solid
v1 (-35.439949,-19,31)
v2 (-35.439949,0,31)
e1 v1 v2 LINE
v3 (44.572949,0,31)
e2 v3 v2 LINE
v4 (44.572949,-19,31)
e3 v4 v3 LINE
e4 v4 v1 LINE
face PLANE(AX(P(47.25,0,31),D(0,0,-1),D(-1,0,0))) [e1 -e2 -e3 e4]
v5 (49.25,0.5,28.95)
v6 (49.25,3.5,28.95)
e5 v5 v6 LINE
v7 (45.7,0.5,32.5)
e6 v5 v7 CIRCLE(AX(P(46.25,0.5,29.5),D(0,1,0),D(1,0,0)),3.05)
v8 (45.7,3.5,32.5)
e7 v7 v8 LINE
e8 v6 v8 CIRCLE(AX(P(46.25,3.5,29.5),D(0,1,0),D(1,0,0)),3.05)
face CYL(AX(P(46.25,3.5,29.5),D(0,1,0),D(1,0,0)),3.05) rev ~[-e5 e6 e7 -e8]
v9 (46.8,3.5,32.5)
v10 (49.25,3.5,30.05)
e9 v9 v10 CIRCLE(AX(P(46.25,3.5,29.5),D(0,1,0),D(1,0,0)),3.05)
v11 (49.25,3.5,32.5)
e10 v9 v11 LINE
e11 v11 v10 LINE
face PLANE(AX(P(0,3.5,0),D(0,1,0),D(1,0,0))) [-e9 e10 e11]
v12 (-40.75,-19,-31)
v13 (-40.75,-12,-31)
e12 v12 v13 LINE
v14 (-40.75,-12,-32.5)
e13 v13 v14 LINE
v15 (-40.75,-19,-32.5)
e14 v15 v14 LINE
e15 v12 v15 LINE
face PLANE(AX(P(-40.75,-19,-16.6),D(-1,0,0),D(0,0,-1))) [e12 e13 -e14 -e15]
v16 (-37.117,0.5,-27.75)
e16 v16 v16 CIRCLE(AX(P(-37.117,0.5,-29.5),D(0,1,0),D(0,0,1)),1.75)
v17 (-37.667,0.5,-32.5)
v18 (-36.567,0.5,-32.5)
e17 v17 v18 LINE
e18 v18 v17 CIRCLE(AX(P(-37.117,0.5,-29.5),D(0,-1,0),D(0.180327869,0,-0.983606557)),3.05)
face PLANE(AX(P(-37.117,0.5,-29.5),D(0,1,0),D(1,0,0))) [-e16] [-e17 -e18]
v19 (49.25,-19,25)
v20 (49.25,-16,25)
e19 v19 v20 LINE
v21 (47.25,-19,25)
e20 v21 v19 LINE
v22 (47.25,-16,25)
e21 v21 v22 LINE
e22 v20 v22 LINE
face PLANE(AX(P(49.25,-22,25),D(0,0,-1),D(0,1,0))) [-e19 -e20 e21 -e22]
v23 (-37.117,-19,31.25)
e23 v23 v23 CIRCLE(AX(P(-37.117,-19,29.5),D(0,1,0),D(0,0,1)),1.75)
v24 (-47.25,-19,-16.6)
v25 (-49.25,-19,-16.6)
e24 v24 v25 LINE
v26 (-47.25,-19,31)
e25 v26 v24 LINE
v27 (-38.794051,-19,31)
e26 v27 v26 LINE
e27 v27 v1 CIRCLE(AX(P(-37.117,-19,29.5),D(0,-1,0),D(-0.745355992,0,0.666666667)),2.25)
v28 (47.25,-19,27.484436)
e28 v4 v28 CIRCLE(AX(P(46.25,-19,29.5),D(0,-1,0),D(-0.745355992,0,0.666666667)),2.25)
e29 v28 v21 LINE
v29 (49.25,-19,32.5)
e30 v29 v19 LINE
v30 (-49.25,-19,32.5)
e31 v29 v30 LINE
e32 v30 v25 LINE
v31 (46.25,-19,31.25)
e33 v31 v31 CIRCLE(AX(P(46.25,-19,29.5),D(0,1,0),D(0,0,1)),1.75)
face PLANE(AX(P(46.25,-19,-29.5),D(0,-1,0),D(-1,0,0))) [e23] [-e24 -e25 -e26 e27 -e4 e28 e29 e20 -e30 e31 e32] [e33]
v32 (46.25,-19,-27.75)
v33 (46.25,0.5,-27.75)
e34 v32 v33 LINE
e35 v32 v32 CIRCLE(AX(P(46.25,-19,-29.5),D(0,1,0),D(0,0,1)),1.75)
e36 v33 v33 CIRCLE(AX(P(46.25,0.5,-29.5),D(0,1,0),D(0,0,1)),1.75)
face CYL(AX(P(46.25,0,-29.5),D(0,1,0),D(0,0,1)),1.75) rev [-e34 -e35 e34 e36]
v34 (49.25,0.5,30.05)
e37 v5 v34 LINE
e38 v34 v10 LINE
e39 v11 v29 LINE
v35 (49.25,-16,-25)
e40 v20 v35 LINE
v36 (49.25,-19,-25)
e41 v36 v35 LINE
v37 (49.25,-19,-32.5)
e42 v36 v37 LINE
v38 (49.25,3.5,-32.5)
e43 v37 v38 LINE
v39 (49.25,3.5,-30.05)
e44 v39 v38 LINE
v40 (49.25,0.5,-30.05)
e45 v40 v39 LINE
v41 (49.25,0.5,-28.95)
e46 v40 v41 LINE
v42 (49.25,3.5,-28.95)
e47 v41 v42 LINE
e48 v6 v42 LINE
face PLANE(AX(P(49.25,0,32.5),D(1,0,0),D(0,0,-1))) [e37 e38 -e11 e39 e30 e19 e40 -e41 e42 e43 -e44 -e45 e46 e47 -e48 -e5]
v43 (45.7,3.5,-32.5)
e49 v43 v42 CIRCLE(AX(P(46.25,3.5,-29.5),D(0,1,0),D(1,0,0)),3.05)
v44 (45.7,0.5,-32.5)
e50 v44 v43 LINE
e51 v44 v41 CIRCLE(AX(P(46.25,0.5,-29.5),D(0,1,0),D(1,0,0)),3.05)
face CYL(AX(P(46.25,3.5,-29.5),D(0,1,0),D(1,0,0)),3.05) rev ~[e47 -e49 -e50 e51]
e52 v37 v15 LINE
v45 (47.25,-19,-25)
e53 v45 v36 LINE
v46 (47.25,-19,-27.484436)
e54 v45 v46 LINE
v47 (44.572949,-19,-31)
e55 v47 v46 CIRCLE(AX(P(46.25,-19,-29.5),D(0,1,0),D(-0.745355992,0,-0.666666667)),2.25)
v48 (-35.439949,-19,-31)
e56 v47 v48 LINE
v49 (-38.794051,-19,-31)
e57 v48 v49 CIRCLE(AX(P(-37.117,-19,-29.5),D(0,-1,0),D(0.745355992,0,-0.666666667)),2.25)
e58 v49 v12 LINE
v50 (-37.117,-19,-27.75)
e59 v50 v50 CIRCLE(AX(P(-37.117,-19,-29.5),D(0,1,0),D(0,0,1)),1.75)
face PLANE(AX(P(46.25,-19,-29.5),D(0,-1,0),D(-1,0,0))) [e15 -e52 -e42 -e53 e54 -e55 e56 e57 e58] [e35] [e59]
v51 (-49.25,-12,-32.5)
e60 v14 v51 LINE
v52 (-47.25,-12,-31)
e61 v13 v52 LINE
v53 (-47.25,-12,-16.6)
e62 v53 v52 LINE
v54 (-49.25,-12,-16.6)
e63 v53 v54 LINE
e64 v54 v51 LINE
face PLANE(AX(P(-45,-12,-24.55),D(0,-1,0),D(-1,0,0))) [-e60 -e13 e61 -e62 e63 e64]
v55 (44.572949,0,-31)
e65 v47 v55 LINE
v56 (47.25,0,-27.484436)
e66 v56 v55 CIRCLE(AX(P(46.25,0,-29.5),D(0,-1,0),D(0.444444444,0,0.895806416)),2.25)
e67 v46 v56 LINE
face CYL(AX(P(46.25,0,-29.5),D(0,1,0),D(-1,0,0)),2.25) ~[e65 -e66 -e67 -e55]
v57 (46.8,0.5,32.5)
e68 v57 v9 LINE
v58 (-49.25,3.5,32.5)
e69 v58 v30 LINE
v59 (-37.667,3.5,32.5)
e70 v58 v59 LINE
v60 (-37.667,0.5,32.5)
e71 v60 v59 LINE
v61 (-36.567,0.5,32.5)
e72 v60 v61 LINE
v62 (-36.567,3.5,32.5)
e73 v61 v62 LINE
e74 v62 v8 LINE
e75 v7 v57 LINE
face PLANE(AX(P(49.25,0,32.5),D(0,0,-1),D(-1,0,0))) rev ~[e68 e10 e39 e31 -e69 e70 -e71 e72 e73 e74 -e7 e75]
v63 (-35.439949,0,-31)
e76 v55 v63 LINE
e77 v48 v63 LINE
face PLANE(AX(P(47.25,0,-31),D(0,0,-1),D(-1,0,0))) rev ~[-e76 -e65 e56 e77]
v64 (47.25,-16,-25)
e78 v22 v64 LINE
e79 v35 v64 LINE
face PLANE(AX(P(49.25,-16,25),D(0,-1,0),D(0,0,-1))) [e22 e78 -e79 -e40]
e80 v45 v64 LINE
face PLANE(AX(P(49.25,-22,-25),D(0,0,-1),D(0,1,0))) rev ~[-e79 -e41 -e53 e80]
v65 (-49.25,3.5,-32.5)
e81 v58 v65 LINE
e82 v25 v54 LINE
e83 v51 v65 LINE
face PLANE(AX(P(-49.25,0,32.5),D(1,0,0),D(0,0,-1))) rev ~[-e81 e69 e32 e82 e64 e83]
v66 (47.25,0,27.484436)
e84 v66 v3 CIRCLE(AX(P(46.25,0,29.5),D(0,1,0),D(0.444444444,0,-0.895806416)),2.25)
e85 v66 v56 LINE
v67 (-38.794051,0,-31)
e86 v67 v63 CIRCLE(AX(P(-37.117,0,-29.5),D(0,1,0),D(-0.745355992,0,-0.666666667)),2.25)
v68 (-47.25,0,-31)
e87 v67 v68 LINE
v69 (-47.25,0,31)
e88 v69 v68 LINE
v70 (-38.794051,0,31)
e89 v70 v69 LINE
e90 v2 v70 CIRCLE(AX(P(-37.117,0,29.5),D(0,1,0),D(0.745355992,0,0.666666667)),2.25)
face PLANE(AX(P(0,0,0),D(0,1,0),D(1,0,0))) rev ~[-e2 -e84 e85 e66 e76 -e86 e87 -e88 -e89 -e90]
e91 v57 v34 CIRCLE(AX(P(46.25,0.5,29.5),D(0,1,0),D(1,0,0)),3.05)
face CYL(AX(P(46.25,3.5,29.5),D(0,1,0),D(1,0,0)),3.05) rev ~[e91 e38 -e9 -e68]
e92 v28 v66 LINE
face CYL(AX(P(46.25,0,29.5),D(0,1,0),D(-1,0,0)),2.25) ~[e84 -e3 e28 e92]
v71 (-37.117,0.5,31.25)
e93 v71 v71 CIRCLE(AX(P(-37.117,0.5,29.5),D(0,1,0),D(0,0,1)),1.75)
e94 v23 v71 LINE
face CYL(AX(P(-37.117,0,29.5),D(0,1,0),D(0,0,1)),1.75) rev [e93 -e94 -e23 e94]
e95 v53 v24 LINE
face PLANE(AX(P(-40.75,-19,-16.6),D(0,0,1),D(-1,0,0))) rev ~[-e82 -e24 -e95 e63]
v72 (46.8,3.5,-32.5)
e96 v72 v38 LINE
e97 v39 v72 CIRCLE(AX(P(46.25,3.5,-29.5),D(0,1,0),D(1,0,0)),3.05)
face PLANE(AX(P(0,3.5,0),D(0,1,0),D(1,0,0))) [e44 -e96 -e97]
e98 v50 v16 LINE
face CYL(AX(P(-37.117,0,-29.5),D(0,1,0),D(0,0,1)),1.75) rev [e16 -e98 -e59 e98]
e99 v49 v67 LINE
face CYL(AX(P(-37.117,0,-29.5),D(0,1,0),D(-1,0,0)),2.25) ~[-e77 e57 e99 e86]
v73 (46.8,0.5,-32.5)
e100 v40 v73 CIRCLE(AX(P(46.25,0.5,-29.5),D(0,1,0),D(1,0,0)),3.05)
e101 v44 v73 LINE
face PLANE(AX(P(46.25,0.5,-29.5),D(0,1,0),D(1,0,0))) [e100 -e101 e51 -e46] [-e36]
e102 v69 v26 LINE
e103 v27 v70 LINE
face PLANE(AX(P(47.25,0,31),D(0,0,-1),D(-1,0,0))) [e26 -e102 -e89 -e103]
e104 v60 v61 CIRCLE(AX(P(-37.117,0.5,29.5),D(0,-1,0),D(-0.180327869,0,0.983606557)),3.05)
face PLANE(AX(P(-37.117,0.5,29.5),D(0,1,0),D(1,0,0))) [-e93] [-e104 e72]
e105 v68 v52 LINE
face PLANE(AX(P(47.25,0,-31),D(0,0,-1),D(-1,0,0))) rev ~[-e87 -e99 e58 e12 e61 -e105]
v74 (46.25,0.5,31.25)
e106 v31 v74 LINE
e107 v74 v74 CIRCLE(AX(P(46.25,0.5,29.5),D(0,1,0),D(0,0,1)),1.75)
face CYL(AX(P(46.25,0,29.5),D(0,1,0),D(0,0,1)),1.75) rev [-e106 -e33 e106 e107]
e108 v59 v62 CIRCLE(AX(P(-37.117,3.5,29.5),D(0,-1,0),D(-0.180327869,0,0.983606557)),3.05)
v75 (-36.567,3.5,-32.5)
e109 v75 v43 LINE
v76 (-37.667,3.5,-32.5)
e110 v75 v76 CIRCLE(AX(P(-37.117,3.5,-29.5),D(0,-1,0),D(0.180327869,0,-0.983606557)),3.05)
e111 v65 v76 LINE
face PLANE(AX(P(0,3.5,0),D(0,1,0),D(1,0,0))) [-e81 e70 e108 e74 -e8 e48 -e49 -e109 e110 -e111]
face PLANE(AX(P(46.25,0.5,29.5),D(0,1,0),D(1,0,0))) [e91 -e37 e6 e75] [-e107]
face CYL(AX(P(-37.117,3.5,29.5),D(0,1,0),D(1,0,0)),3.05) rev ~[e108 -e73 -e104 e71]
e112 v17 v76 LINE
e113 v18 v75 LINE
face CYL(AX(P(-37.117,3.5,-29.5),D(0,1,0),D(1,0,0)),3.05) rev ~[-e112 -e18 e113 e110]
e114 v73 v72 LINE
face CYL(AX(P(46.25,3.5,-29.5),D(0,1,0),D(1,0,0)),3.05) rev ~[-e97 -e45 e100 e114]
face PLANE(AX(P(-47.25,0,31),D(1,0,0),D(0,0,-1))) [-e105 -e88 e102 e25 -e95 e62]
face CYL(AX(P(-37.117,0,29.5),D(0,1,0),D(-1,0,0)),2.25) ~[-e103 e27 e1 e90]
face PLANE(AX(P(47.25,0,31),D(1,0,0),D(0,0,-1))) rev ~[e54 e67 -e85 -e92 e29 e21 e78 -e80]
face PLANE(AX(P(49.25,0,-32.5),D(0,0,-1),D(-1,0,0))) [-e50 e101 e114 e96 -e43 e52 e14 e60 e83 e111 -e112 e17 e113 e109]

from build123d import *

# Parameters (mm, degrees)
SKETCH_1_W           = 98.5
SKETCH_1_H           = 65
EXTRUDE_1_DEPTH      = 3.5
SKETCH_2_W           = 98.5
SKETCH_2_H           = 65
SKETCH_2_W_2         = 94.5
SKETCH_2_H_2         = 62
EXTRUDE_2_DEPTH      = 19
SKETCH_9_R           = 1.75
CUT_EXTRUDE_7_DEPTH  = 64.151108462
SKETCH_10_R          = 2.25
SKETCH_10_R_2        = 1.75
EXTRUDE_6_DEPTH      = 19
SKETCH_11_W          = 8.5
SKETCH_11_H          = 15.9
CUT_EXTRUDE_8_DEPTH  = 7
SKETCH_12_W          = 50
SKETCH_12_H          = 6
CUT_EXTRUDE_9_DEPTH  = 7
SKETCH_13_R          = 3.05
CUT_EXTRUDE_10_DEPTH = 3


with BuildPart() as part:
    # 草图1 → 凸台-拉伸1 (new body)
    with BuildSketch(Plane(origin=(0, 0, 0), x_dir=(1, 0, 0), z_dir=(0, 1, 0))):
        Rectangle(SKETCH_1_W, SKETCH_1_H)
    extrude(amount=EXTRUDE_1_DEPTH)

    # 草图2 → 凸台-拉伸2 (add)
    with BuildSketch(Plane(origin=(0, 0, 0), x_dir=(-1, 0, 0), z_dir=(0, -1, 0))):
        Rectangle(SKETCH_2_W, SKETCH_2_H)
        Rectangle(SKETCH_2_W_2, SKETCH_2_H_2, mode=Mode.SUBTRACT)
    extrude(amount=EXTRUDE_2_DEPTH)

    # 草图9 → 切除-拉伸7 (cut, through all)
    with BuildSketch(Plane(origin=(0, 3.5, 0), x_dir=(1, 0, 0), z_dir=(0, 1, 0))):
        with Locations(Location((46.25, 29.5, 0), (0, 0, 270))):
            Circle(SKETCH_9_R)
        with Locations(Location((46.25, -29.5, 0), (0, 0, 270))):
            Circle(SKETCH_9_R)
        with Locations(Location((-37.117, 29.5, 0), (0, 0, 270))):
            Circle(SKETCH_9_R)
        with Locations(Location((-37.117, -29.5, 0), (0, 0, 270))):
            Circle(SKETCH_9_R)
    extrude(amount=-CUT_EXTRUDE_7_DEPTH, mode=Mode.SUBTRACT)

    # 草图10 → 凸台-拉伸6 (add, through all)
    # profile 1 of 4: a face of its own
    with BuildSketch(Plane(origin=(0, 0, 0), x_dir=(-1, 0, 0), z_dir=(0, -1, 0))):
        with Locations((-46.25, 29.5)):
            Circle(SKETCH_10_R)
        with Locations(Location((-46.25, 29.5, 0), (0, 0, 270))):
            Circle(SKETCH_10_R_2, mode=Mode.SUBTRACT)
    # profile 2 of 4: a face of its own
    with BuildSketch(Plane(origin=(0, 0, 0), x_dir=(-1, 0, 0), z_dir=(0, -1, 0))):
        with Locations((37.117, 29.5)):
            Circle(SKETCH_10_R)
        with Locations(Location((37.117, 29.5, 0), (0, 0, 270))):
            Circle(SKETCH_10_R_2, mode=Mode.SUBTRACT)
    # profile 3 of 4: a face of its own
    with BuildSketch(Plane(origin=(0, 0, 0), x_dir=(-1, 0, 0), z_dir=(0, -1, 0))):
        with Locations((-46.25, -29.5)):
            Circle(SKETCH_10_R)
        with Locations(Location((-46.25, -29.5, 0), (0, 0, 270))):
            Circle(SKETCH_10_R_2, mode=Mode.SUBTRACT)
    # profile 4 of 4: a face of its own
    with BuildSketch(Plane(origin=(0, 0, 0), x_dir=(-1, 0, 0), z_dir=(0, -1, 0))):
        with Locations((37.117, -29.5)):
            Circle(SKETCH_10_R)
        with Locations(Location((37.117, -29.5, 0), (0, 0, 270))):
            Circle(SKETCH_10_R_2, mode=Mode.SUBTRACT)
    extrude(amount=EXTRUDE_6_DEPTH)

    # 草图11 → 切除-拉伸8 (cut)
    with BuildSketch(Plane(origin=(0, -19, 0), x_dir=(-1, 0, 0), z_dir=(0, -1, 0))):
        with Locations((45, 24.55)):
            Rectangle(SKETCH_11_W, SKETCH_11_H)
    extrude(amount=-CUT_EXTRUDE_8_DEPTH, mode=Mode.SUBTRACT)

    # 草图12 → 切除-拉伸9 (cut)
    with BuildSketch(Plane(origin=(49.25, 0, 0), x_dir=(0, 0, -1), z_dir=(1, 0, 0))):
        with Locations((0, -19)):
            Rectangle(SKETCH_12_W, SKETCH_12_H)
    extrude(amount=-CUT_EXTRUDE_9_DEPTH, mode=Mode.SUBTRACT)

    # 草图13 → 切除-拉伸10 (cut)
    with BuildSketch(Plane(origin=(0, 3.5, 0), x_dir=(1, 0, 0), z_dir=(0, 1, 0))):
        with Locations((-37.117, 29.5)):
            Circle(SKETCH_13_R)
        with Locations((46.25, 29.5)):
            Circle(SKETCH_13_R)
        with Locations((46.25, -29.5)):
            Circle(SKETCH_13_R)
        with Locations((-37.117, -29.5)):
            Circle(SKETCH_13_R)
    extrude(amount=-CUT_EXTRUDE_10_DEPTH, mode=Mode.SUBTRACT)


solid = part.part
